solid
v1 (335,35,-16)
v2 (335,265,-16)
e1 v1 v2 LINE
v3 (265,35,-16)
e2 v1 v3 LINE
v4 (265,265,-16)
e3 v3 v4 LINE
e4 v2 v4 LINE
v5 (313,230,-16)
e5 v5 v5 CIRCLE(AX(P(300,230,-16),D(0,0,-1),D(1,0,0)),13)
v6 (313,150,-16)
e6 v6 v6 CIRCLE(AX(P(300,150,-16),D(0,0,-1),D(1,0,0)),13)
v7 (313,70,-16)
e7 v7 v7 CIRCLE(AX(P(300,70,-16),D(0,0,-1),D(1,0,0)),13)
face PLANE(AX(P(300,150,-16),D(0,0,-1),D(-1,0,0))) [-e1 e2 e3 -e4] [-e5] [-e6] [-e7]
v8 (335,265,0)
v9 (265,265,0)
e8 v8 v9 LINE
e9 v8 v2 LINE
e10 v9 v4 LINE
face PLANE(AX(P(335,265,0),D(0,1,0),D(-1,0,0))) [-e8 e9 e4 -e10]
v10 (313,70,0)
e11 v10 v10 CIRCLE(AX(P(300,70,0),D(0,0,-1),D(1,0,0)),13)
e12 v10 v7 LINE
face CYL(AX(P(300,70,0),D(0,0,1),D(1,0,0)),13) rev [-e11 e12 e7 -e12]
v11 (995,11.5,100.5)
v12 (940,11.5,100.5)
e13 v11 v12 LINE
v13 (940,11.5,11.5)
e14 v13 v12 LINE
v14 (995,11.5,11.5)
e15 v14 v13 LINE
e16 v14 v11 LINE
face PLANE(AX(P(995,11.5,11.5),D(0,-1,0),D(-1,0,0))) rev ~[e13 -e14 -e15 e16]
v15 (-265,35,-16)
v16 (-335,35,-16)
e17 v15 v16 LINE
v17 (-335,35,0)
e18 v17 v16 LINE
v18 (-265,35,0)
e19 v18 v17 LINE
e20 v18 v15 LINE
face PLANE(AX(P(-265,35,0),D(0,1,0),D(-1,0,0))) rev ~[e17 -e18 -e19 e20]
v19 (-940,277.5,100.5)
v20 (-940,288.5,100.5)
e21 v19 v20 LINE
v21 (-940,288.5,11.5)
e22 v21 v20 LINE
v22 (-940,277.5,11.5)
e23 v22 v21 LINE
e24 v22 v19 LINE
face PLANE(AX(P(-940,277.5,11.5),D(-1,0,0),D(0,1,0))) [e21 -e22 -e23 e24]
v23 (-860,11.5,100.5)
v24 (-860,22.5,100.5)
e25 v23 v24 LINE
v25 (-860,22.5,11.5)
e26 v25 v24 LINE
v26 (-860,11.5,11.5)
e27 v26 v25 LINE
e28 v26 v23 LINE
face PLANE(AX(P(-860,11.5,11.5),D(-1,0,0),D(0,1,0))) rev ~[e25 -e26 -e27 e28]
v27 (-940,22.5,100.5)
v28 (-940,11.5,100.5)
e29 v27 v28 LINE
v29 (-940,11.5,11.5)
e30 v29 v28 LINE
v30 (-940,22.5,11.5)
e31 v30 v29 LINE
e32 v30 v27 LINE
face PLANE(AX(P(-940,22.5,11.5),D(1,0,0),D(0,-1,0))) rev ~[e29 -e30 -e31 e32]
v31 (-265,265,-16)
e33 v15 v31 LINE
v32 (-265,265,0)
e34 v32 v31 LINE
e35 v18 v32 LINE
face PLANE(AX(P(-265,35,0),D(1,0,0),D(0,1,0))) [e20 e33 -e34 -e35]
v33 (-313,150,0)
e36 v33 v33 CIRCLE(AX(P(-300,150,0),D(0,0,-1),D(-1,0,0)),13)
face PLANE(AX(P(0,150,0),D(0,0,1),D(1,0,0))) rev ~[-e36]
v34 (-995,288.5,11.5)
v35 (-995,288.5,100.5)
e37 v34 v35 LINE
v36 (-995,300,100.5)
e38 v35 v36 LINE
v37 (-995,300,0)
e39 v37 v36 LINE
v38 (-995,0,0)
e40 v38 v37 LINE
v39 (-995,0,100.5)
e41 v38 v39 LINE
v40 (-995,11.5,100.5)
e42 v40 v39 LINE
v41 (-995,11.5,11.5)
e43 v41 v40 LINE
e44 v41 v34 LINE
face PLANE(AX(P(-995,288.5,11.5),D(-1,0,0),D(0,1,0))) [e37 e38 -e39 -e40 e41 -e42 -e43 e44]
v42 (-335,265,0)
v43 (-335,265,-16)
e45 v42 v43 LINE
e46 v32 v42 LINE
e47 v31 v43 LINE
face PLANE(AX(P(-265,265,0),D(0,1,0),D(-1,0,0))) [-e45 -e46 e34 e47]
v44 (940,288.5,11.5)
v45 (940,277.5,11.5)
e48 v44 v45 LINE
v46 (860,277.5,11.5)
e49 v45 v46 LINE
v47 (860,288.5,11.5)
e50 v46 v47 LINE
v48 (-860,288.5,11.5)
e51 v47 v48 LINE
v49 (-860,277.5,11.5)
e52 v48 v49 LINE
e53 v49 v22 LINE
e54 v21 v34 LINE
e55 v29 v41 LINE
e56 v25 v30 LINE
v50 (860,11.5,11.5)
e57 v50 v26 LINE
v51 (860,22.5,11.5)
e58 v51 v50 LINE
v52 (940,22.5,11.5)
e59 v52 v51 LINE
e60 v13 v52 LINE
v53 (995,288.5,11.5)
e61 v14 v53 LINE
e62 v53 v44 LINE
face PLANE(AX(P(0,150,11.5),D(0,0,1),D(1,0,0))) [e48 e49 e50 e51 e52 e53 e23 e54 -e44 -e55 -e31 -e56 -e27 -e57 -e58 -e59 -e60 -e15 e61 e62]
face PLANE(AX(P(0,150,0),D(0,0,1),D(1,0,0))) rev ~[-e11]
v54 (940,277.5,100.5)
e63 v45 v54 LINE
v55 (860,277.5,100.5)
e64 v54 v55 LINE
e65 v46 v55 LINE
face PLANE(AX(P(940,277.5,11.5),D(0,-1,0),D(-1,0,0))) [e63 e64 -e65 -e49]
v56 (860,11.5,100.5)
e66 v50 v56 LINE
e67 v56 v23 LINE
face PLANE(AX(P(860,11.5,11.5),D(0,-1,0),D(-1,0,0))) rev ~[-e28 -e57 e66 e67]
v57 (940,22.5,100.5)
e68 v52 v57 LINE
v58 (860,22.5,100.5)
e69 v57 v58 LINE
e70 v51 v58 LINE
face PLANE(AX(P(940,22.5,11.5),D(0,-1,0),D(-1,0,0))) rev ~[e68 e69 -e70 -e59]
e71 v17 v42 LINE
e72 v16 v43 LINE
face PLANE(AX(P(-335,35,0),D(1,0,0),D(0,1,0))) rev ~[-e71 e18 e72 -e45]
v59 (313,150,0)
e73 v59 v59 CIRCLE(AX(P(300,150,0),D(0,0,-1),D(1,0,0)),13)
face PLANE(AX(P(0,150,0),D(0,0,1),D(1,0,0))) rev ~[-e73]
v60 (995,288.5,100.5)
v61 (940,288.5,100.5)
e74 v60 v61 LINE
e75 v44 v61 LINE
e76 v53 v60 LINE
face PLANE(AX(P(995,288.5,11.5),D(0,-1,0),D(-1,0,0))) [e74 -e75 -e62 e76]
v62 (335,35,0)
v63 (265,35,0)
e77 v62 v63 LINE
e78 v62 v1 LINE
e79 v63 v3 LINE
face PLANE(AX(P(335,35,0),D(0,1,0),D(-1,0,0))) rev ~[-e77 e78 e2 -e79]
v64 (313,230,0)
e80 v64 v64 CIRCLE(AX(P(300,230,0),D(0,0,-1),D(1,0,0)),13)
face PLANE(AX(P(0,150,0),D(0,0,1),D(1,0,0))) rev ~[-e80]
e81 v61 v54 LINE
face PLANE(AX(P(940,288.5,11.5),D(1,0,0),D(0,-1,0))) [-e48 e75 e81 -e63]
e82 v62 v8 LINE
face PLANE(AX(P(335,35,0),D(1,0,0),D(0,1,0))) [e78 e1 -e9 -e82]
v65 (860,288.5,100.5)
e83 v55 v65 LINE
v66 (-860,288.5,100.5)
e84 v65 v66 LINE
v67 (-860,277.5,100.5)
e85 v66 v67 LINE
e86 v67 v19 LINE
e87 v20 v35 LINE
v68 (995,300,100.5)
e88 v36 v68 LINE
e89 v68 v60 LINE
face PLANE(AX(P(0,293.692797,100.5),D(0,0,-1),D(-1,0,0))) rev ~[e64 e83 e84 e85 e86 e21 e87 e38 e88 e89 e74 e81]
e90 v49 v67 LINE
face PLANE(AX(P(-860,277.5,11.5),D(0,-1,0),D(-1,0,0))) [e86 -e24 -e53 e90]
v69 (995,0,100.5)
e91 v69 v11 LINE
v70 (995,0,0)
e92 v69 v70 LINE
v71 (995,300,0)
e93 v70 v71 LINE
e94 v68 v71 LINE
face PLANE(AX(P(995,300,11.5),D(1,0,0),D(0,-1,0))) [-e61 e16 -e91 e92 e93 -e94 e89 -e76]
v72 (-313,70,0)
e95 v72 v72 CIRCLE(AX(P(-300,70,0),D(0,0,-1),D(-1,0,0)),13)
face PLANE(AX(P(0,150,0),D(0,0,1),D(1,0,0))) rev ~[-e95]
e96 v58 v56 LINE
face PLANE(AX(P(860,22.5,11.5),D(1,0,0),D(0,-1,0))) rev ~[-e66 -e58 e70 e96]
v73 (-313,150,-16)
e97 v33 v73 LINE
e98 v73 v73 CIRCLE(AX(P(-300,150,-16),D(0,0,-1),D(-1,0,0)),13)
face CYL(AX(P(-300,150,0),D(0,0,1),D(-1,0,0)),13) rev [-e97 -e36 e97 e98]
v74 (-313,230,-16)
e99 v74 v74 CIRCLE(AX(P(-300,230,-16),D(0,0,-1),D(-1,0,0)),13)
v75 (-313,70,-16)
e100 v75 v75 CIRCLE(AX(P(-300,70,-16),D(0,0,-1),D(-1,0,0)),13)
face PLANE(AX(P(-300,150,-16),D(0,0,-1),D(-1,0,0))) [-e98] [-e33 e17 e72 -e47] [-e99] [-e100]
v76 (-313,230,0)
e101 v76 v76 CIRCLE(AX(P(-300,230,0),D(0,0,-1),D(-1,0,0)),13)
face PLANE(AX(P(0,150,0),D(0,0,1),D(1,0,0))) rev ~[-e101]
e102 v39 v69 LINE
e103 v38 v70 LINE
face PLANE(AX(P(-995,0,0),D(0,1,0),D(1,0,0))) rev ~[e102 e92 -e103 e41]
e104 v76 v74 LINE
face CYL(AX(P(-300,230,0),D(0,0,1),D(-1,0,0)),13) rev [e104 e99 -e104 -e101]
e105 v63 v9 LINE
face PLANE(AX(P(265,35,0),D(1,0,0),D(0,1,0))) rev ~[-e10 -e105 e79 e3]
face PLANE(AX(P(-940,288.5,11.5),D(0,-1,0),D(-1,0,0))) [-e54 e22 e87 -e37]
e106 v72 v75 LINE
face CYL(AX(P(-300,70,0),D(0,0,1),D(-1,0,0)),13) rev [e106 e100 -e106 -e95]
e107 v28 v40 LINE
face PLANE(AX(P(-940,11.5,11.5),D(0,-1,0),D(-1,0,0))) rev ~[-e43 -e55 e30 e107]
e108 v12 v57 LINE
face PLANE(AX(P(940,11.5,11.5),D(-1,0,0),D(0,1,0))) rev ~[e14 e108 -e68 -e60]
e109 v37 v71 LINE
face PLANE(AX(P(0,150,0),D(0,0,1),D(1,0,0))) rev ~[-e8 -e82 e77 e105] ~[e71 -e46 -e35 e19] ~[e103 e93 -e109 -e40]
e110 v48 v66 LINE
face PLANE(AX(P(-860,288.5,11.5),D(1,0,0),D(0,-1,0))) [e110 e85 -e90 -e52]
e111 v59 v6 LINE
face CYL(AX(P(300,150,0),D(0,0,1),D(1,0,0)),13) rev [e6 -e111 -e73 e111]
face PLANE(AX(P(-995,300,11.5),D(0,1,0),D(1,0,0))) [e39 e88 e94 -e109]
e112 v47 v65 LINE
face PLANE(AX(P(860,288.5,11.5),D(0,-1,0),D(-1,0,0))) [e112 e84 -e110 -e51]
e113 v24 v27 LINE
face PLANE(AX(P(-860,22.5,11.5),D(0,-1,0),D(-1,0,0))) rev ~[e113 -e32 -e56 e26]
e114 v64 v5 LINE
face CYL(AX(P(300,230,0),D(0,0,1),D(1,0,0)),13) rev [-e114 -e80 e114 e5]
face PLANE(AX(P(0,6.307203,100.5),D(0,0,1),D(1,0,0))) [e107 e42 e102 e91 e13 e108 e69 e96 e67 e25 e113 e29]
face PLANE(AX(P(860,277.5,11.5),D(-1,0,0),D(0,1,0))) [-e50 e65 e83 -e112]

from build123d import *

# Parameters (mm, degrees)
SKETCH_1_W        = 1990
SKETCH_1_H        = 300
EXTRUDE_371_DEPTH = 11.5
EXTRUDE_1_DEPTH   = 89
SKETCH_7_W        = 70
SKETCH_7_H        = 230
SKETCH_7_R        = 13
EXTRUDE_2_DEPTH   = 16


with BuildPart() as part:
    # 草图1 → Extrude 371 (new body)
    with BuildSketch(Plane.XY):
        with Locations((0, 150)):
            Rectangle(SKETCH_1_W, SKETCH_1_H)
    extrude(amount=EXTRUDE_371_DEPTH)

    # 草图2 → 凸台-拉伸1 (add)
    with BuildSketch(Plane.XY.offset(11.5)):
        Polygon((-995, 300), (995, 300), (995, 288.5), (940, 288.5), (940, 277.5), (860, 277.5), (860, 288.5), (-860, 288.5), (-860, 277.5), (-940, 277.5), (-940, 288.5), (-995, 288.5), align=None)
        Polygon((-995, 0), (995, 0), (995, 11.5), (940, 11.5), (940, 22.5), (860, 22.5), (860, 11.5), (-860, 11.5), (-860, 22.5), (-940, 22.5), (-940, 11.5), (-995, 11.5), align=None)
    extrude(amount=EXTRUDE_1_DEPTH)

    # 草图7 → 凸台-拉伸2 (add)
    # profile 1 of 2: a face of its own
    with BuildSketch(Plane(origin=(0, 0, 0), x_dir=(-1, 0, 0), z_dir=(0, 0, -1))):
        with Locations((300, 150)):
            Rectangle(SKETCH_7_W, SKETCH_7_H)
        with Locations((300, 230)):
            Circle(SKETCH_7_R, mode=Mode.SUBTRACT)
        with Locations((300, 150)):
            Circle(SKETCH_7_R, mode=Mode.SUBTRACT)
        with Locations((300, 70)):
            Circle(SKETCH_7_R, mode=Mode.SUBTRACT)
    # profile 2 of 2: a face of its own
    with BuildSketch(Plane(origin=(0, 0, 0), x_dir=(-1, 0, 0), z_dir=(0, 0, -1))):
        with Locations((-300, 150)):
            Rectangle(SKETCH_7_W, SKETCH_7_H)
        with Locations(Location((-300, 70, 0), (0, 0, 180))):
            Circle(SKETCH_7_R, mode=Mode.SUBTRACT)
        with Locations(Location((-300, 150, 0), (0, 0, 180))):
            Circle(SKETCH_7_R, mode=Mode.SUBTRACT)
        with Locations(Location((-300, 230, 0), (0, 0, 180))):
            Circle(SKETCH_7_R, mode=Mode.SUBTRACT)
    extrude(amount=EXTRUDE_2_DEPTH)


solid = part.part
